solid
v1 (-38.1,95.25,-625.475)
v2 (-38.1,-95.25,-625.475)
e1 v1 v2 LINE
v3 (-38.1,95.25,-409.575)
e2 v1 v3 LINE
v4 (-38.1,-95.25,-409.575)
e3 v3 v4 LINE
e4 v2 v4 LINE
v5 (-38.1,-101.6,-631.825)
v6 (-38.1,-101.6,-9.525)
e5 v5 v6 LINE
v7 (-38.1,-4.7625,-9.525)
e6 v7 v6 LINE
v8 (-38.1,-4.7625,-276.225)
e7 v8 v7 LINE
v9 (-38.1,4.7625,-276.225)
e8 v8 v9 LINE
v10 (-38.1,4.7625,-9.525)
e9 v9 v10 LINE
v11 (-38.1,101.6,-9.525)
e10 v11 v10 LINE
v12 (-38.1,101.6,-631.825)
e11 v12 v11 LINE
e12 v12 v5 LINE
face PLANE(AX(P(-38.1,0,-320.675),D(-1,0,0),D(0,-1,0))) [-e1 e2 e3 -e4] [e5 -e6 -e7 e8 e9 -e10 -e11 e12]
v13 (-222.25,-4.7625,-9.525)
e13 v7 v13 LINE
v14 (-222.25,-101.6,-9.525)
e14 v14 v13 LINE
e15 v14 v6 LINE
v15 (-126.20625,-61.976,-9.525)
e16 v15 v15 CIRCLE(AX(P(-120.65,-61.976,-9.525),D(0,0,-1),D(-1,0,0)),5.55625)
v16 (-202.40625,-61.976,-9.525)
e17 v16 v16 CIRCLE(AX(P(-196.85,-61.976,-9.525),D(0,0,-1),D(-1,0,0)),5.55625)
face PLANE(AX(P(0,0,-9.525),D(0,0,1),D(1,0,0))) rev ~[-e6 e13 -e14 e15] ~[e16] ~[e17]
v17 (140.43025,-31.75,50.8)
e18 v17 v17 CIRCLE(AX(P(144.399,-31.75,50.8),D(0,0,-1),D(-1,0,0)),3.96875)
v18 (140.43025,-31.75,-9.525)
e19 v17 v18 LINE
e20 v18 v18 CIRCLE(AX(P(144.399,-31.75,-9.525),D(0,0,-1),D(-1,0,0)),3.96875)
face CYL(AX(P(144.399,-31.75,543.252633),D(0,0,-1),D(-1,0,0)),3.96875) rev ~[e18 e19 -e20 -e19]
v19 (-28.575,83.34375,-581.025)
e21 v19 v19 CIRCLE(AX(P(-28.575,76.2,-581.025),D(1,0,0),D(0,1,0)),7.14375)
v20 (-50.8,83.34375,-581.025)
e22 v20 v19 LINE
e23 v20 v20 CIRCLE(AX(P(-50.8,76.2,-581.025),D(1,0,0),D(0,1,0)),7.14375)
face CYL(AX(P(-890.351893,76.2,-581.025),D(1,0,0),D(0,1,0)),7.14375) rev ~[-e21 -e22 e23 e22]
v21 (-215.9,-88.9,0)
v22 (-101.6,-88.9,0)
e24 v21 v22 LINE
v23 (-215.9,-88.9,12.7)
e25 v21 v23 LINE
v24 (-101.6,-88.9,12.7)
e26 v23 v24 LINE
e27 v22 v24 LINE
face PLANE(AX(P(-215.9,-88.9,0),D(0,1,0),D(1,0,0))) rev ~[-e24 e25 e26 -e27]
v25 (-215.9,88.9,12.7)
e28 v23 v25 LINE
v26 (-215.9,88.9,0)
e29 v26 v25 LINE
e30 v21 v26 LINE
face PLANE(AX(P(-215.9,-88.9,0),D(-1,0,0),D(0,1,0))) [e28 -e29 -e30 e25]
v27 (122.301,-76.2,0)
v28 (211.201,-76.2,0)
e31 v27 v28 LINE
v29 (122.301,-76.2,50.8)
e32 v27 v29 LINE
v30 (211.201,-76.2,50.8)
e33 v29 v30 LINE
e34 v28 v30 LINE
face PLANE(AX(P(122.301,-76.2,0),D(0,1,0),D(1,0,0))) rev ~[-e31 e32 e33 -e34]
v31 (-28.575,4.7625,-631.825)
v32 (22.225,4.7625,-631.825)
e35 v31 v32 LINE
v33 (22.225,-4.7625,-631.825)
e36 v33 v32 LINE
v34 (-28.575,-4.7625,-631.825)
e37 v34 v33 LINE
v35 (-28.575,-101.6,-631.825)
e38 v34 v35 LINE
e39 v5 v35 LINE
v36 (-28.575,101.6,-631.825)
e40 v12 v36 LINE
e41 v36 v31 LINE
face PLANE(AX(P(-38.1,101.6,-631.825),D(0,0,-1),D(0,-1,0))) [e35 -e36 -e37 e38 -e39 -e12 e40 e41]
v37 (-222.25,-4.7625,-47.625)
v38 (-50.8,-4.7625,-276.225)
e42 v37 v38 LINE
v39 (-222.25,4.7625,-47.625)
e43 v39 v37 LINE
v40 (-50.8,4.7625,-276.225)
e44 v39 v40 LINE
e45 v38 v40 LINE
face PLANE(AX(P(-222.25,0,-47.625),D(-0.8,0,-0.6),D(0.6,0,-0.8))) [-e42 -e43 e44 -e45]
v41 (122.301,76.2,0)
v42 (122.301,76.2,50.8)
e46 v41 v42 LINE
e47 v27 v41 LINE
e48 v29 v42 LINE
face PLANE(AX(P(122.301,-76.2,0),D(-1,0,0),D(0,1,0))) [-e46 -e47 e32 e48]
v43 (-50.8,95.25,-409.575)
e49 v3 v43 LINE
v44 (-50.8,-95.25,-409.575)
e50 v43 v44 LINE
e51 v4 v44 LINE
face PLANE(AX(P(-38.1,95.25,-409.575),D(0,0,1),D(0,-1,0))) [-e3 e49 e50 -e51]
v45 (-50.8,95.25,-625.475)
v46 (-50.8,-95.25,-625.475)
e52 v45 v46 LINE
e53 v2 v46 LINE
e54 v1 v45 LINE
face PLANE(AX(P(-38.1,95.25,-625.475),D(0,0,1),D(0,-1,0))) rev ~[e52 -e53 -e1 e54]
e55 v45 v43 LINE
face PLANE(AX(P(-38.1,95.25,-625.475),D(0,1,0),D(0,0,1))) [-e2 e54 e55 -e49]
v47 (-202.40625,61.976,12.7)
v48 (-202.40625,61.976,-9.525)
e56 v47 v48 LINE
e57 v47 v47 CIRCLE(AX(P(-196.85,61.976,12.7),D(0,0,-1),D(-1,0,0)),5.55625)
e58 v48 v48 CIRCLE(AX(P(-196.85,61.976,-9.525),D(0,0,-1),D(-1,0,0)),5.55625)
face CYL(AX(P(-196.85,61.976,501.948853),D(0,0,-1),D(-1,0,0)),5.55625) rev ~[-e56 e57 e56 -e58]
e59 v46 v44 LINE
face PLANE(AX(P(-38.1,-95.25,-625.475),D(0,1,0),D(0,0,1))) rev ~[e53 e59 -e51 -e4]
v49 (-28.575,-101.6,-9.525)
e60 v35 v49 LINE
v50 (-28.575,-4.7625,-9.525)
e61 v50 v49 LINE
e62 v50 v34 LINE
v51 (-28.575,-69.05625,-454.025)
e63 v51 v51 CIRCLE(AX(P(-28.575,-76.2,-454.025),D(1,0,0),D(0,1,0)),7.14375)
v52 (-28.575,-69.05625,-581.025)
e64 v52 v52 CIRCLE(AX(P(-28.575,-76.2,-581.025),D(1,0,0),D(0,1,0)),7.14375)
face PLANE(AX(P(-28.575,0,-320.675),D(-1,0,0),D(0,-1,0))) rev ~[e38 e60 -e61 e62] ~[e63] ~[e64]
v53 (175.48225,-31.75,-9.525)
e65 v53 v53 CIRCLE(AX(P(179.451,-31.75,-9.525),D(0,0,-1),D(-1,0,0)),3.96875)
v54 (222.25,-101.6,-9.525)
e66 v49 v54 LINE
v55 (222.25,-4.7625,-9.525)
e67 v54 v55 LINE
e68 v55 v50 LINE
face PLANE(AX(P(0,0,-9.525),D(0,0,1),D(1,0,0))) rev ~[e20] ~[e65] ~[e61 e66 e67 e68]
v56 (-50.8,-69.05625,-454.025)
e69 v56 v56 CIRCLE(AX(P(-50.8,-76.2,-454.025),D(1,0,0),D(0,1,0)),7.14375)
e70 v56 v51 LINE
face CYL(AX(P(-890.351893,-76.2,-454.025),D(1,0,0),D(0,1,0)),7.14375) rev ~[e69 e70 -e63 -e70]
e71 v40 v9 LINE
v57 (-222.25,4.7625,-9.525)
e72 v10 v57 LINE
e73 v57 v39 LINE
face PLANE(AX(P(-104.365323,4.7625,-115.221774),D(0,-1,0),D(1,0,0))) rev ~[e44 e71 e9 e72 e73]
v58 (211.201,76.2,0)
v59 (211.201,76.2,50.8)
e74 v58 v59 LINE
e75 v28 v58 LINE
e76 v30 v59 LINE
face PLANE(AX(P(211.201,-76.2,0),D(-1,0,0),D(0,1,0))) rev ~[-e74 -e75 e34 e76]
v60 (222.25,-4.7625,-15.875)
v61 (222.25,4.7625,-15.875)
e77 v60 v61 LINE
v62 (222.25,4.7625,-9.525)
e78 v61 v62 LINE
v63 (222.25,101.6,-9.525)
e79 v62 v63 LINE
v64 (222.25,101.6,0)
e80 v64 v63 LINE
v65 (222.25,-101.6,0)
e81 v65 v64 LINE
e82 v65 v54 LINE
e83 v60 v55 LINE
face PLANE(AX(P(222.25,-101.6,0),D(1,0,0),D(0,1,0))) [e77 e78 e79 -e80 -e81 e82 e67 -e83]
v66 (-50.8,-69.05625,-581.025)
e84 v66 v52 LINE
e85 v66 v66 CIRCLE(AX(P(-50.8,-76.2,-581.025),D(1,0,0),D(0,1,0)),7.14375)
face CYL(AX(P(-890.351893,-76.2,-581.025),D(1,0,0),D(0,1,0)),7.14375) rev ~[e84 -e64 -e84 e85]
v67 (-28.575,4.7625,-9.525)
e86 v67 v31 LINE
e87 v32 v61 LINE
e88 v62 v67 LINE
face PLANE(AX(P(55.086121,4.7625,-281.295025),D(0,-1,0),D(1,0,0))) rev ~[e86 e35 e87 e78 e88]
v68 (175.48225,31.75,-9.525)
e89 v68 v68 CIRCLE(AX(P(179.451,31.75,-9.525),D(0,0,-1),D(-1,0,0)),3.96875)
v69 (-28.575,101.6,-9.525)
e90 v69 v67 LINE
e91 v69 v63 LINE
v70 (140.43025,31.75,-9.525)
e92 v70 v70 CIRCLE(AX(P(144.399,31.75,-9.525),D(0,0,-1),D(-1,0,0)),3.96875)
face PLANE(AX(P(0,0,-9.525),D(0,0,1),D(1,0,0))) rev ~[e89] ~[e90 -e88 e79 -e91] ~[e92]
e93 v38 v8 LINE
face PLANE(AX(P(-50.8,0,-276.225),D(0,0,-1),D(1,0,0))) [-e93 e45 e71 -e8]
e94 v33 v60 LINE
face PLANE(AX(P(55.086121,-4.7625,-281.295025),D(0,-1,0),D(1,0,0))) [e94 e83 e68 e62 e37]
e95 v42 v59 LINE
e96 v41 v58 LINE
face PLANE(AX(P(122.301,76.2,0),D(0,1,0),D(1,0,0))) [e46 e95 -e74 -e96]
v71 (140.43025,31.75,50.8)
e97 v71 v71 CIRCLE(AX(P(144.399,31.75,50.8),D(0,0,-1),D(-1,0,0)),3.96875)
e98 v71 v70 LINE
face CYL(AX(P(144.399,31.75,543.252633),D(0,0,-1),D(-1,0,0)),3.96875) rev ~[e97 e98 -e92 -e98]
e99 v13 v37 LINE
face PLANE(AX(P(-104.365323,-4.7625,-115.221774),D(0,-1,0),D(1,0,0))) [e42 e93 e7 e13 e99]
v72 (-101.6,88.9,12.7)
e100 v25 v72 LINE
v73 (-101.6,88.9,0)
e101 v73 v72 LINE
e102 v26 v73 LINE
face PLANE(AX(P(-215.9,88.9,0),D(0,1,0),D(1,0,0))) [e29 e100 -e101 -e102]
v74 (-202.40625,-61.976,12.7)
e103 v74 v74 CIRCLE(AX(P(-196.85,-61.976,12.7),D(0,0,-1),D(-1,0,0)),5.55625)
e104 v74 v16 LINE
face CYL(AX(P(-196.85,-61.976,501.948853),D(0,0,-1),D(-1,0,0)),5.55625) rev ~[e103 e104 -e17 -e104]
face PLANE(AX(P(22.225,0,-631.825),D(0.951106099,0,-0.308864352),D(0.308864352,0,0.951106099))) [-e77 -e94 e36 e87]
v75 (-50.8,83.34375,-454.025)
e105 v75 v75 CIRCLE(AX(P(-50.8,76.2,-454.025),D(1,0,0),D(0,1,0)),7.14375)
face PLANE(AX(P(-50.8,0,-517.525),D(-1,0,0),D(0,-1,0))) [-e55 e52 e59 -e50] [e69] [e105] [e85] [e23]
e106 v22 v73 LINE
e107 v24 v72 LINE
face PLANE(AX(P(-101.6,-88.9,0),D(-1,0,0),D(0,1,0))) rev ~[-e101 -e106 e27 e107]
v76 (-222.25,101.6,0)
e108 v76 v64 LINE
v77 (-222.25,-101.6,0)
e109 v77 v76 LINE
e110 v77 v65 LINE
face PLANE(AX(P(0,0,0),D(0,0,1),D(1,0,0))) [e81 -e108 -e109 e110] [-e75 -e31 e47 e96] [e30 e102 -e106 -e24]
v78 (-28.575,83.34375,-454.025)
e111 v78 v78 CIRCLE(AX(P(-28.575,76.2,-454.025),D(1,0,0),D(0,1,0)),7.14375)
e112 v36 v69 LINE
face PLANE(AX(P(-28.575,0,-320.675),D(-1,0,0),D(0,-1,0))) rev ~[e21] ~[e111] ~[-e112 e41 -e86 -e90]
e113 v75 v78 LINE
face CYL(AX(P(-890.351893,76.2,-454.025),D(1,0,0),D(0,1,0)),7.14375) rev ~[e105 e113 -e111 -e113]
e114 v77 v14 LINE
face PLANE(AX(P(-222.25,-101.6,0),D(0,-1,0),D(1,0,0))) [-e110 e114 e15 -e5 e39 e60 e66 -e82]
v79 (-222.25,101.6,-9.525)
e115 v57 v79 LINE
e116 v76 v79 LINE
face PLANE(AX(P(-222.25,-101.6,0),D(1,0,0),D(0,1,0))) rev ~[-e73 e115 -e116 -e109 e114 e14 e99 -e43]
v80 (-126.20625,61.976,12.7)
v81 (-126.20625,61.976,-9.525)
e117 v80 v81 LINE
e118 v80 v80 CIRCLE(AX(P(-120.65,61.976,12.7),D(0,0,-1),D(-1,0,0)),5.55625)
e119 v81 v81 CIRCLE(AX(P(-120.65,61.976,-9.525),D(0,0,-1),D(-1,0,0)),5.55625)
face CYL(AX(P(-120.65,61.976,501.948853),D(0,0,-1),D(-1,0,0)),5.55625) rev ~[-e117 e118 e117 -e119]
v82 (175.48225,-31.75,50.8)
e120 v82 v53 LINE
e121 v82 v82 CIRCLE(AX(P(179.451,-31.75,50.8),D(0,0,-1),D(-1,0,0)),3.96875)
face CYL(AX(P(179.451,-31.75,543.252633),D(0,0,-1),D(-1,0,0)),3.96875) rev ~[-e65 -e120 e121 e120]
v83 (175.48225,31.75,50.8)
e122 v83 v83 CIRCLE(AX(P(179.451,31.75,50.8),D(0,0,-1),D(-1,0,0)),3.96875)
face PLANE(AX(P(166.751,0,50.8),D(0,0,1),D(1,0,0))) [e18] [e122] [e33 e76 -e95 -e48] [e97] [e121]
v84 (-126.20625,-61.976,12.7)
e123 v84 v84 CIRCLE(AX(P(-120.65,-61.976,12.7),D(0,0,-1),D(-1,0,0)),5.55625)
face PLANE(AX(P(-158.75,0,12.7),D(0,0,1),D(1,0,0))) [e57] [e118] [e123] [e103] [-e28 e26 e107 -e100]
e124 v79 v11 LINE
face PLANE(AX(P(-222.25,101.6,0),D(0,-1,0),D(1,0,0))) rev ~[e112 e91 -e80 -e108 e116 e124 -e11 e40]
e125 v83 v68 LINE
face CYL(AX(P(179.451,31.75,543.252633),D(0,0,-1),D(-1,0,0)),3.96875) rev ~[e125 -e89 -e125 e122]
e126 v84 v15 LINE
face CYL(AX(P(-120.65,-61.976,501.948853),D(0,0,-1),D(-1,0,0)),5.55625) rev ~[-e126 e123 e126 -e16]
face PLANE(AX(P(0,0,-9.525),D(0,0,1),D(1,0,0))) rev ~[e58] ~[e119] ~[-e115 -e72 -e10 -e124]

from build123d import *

# Parameters (mm, degrees)
F0_W      = 444.5
F0_H      = 203.2
F1_DEPTH  = 9.525
F2_W      = 114.3
F2_H      = 177.8
F3_DEPTH  = 12.7
F5_D      = 11.1125
F6_W      = 88.9
F6_H      = 152.4
F7_DEPTH  = 50.8
F9_D      = 7.9375
F11_W     = 203.2
F11_H     = 622.3
F12_DEPTH = 9.525
F14_DEPTH = 4.7625
F16_DEPTH = 4.7625
F17_W     = 190.5
F17_H     = 215.9
F18_DEPTH = 12.7
F20_D     = 14.2875


with BuildPart() as f1:
    # F0 (on Top) → F1 (new body)
    with BuildSketch(Plane.XY):
        Rectangle(F0_W, F0_H)
    extrude(amount=-F1_DEPTH)

    # F2 (on face) → F3 (join)
    with BuildSketch(Plane.XY):
        with Locations((-158.75, 0)):
            Rectangle(F2_W, F2_H)
    extrude(amount=F3_DEPTH)

    # F5 (through all)
    with Locations(Plane.XY.offset(12.7)):
        with Locations((-196.85, 61.976), (-120.65, 61.976), (-196.85, -61.976), (-120.65, -61.976)):
            Hole(F5_D / 2)

    # F6 (on face) → F7 (join)
    with BuildSketch(Plane.XY):
        with Locations((166.751, 0)):
            Rectangle(F6_W, F6_H)
    extrude(amount=F7_DEPTH)

    # F9 (through all)
    with Locations(Plane.XY.offset(50.8)):
        with Locations((144.399, 31.75), (179.451, 31.75), (144.399, -31.75), (179.451, -31.75)):
            Hole(F9_D / 2)

    # F11 (on offset) → F12 (join)
    with BuildSketch(Plane(origin=(-38.1, 0, 0), x_dir=(0, -1, 0), z_dir=(-1, 0, 0))):
        with Locations((0, -320.675)):
            Rectangle(F11_W, F11_H)
    extrude(amount=-F12_DEPTH)

    # F13 (on Front) → F14 (join, symmetric)
    with BuildSketch(Plane.XZ):
        Polygon((-38.1, -9.525), (-222.25, -9.525), (-222.25, -47.625), (-50.8, -276.225), (-38.1, -276.225), align=None)
    extrude(amount=F14_DEPTH, both=True)

    # F15 (on Front) → F16 (join, symmetric)
    with BuildSketch(Plane.XZ):
        Polygon((222.25, -9.525), (-28.575, -9.525), (-28.575, -631.825), (22.225, -631.825), (222.25, -15.875), align=None)
    extrude(amount=F16_DEPTH, both=True)

    # F17 (on face) → F18 (join)
    with BuildSketch(Plane(origin=(-38.1, 0, 0), x_dir=(0, -1, 0), z_dir=(-1, 0, 0))):
        with Locations((0, -517.525)):
            Rectangle(F17_W, F17_H)
    extrude(amount=F18_DEPTH)

    # F20 (through all)
    with Locations(Plane(origin=(-50.8, 0, 0), x_dir=(0, -1, 0), z_dir=(-1, 0, 0))):
        with Locations((-76.2, -454.025), (76.2, -454.025), (-76.2, -581.025), (76.2, -581.025)):
            Hole(F20_D / 2)


solid = f1.part
